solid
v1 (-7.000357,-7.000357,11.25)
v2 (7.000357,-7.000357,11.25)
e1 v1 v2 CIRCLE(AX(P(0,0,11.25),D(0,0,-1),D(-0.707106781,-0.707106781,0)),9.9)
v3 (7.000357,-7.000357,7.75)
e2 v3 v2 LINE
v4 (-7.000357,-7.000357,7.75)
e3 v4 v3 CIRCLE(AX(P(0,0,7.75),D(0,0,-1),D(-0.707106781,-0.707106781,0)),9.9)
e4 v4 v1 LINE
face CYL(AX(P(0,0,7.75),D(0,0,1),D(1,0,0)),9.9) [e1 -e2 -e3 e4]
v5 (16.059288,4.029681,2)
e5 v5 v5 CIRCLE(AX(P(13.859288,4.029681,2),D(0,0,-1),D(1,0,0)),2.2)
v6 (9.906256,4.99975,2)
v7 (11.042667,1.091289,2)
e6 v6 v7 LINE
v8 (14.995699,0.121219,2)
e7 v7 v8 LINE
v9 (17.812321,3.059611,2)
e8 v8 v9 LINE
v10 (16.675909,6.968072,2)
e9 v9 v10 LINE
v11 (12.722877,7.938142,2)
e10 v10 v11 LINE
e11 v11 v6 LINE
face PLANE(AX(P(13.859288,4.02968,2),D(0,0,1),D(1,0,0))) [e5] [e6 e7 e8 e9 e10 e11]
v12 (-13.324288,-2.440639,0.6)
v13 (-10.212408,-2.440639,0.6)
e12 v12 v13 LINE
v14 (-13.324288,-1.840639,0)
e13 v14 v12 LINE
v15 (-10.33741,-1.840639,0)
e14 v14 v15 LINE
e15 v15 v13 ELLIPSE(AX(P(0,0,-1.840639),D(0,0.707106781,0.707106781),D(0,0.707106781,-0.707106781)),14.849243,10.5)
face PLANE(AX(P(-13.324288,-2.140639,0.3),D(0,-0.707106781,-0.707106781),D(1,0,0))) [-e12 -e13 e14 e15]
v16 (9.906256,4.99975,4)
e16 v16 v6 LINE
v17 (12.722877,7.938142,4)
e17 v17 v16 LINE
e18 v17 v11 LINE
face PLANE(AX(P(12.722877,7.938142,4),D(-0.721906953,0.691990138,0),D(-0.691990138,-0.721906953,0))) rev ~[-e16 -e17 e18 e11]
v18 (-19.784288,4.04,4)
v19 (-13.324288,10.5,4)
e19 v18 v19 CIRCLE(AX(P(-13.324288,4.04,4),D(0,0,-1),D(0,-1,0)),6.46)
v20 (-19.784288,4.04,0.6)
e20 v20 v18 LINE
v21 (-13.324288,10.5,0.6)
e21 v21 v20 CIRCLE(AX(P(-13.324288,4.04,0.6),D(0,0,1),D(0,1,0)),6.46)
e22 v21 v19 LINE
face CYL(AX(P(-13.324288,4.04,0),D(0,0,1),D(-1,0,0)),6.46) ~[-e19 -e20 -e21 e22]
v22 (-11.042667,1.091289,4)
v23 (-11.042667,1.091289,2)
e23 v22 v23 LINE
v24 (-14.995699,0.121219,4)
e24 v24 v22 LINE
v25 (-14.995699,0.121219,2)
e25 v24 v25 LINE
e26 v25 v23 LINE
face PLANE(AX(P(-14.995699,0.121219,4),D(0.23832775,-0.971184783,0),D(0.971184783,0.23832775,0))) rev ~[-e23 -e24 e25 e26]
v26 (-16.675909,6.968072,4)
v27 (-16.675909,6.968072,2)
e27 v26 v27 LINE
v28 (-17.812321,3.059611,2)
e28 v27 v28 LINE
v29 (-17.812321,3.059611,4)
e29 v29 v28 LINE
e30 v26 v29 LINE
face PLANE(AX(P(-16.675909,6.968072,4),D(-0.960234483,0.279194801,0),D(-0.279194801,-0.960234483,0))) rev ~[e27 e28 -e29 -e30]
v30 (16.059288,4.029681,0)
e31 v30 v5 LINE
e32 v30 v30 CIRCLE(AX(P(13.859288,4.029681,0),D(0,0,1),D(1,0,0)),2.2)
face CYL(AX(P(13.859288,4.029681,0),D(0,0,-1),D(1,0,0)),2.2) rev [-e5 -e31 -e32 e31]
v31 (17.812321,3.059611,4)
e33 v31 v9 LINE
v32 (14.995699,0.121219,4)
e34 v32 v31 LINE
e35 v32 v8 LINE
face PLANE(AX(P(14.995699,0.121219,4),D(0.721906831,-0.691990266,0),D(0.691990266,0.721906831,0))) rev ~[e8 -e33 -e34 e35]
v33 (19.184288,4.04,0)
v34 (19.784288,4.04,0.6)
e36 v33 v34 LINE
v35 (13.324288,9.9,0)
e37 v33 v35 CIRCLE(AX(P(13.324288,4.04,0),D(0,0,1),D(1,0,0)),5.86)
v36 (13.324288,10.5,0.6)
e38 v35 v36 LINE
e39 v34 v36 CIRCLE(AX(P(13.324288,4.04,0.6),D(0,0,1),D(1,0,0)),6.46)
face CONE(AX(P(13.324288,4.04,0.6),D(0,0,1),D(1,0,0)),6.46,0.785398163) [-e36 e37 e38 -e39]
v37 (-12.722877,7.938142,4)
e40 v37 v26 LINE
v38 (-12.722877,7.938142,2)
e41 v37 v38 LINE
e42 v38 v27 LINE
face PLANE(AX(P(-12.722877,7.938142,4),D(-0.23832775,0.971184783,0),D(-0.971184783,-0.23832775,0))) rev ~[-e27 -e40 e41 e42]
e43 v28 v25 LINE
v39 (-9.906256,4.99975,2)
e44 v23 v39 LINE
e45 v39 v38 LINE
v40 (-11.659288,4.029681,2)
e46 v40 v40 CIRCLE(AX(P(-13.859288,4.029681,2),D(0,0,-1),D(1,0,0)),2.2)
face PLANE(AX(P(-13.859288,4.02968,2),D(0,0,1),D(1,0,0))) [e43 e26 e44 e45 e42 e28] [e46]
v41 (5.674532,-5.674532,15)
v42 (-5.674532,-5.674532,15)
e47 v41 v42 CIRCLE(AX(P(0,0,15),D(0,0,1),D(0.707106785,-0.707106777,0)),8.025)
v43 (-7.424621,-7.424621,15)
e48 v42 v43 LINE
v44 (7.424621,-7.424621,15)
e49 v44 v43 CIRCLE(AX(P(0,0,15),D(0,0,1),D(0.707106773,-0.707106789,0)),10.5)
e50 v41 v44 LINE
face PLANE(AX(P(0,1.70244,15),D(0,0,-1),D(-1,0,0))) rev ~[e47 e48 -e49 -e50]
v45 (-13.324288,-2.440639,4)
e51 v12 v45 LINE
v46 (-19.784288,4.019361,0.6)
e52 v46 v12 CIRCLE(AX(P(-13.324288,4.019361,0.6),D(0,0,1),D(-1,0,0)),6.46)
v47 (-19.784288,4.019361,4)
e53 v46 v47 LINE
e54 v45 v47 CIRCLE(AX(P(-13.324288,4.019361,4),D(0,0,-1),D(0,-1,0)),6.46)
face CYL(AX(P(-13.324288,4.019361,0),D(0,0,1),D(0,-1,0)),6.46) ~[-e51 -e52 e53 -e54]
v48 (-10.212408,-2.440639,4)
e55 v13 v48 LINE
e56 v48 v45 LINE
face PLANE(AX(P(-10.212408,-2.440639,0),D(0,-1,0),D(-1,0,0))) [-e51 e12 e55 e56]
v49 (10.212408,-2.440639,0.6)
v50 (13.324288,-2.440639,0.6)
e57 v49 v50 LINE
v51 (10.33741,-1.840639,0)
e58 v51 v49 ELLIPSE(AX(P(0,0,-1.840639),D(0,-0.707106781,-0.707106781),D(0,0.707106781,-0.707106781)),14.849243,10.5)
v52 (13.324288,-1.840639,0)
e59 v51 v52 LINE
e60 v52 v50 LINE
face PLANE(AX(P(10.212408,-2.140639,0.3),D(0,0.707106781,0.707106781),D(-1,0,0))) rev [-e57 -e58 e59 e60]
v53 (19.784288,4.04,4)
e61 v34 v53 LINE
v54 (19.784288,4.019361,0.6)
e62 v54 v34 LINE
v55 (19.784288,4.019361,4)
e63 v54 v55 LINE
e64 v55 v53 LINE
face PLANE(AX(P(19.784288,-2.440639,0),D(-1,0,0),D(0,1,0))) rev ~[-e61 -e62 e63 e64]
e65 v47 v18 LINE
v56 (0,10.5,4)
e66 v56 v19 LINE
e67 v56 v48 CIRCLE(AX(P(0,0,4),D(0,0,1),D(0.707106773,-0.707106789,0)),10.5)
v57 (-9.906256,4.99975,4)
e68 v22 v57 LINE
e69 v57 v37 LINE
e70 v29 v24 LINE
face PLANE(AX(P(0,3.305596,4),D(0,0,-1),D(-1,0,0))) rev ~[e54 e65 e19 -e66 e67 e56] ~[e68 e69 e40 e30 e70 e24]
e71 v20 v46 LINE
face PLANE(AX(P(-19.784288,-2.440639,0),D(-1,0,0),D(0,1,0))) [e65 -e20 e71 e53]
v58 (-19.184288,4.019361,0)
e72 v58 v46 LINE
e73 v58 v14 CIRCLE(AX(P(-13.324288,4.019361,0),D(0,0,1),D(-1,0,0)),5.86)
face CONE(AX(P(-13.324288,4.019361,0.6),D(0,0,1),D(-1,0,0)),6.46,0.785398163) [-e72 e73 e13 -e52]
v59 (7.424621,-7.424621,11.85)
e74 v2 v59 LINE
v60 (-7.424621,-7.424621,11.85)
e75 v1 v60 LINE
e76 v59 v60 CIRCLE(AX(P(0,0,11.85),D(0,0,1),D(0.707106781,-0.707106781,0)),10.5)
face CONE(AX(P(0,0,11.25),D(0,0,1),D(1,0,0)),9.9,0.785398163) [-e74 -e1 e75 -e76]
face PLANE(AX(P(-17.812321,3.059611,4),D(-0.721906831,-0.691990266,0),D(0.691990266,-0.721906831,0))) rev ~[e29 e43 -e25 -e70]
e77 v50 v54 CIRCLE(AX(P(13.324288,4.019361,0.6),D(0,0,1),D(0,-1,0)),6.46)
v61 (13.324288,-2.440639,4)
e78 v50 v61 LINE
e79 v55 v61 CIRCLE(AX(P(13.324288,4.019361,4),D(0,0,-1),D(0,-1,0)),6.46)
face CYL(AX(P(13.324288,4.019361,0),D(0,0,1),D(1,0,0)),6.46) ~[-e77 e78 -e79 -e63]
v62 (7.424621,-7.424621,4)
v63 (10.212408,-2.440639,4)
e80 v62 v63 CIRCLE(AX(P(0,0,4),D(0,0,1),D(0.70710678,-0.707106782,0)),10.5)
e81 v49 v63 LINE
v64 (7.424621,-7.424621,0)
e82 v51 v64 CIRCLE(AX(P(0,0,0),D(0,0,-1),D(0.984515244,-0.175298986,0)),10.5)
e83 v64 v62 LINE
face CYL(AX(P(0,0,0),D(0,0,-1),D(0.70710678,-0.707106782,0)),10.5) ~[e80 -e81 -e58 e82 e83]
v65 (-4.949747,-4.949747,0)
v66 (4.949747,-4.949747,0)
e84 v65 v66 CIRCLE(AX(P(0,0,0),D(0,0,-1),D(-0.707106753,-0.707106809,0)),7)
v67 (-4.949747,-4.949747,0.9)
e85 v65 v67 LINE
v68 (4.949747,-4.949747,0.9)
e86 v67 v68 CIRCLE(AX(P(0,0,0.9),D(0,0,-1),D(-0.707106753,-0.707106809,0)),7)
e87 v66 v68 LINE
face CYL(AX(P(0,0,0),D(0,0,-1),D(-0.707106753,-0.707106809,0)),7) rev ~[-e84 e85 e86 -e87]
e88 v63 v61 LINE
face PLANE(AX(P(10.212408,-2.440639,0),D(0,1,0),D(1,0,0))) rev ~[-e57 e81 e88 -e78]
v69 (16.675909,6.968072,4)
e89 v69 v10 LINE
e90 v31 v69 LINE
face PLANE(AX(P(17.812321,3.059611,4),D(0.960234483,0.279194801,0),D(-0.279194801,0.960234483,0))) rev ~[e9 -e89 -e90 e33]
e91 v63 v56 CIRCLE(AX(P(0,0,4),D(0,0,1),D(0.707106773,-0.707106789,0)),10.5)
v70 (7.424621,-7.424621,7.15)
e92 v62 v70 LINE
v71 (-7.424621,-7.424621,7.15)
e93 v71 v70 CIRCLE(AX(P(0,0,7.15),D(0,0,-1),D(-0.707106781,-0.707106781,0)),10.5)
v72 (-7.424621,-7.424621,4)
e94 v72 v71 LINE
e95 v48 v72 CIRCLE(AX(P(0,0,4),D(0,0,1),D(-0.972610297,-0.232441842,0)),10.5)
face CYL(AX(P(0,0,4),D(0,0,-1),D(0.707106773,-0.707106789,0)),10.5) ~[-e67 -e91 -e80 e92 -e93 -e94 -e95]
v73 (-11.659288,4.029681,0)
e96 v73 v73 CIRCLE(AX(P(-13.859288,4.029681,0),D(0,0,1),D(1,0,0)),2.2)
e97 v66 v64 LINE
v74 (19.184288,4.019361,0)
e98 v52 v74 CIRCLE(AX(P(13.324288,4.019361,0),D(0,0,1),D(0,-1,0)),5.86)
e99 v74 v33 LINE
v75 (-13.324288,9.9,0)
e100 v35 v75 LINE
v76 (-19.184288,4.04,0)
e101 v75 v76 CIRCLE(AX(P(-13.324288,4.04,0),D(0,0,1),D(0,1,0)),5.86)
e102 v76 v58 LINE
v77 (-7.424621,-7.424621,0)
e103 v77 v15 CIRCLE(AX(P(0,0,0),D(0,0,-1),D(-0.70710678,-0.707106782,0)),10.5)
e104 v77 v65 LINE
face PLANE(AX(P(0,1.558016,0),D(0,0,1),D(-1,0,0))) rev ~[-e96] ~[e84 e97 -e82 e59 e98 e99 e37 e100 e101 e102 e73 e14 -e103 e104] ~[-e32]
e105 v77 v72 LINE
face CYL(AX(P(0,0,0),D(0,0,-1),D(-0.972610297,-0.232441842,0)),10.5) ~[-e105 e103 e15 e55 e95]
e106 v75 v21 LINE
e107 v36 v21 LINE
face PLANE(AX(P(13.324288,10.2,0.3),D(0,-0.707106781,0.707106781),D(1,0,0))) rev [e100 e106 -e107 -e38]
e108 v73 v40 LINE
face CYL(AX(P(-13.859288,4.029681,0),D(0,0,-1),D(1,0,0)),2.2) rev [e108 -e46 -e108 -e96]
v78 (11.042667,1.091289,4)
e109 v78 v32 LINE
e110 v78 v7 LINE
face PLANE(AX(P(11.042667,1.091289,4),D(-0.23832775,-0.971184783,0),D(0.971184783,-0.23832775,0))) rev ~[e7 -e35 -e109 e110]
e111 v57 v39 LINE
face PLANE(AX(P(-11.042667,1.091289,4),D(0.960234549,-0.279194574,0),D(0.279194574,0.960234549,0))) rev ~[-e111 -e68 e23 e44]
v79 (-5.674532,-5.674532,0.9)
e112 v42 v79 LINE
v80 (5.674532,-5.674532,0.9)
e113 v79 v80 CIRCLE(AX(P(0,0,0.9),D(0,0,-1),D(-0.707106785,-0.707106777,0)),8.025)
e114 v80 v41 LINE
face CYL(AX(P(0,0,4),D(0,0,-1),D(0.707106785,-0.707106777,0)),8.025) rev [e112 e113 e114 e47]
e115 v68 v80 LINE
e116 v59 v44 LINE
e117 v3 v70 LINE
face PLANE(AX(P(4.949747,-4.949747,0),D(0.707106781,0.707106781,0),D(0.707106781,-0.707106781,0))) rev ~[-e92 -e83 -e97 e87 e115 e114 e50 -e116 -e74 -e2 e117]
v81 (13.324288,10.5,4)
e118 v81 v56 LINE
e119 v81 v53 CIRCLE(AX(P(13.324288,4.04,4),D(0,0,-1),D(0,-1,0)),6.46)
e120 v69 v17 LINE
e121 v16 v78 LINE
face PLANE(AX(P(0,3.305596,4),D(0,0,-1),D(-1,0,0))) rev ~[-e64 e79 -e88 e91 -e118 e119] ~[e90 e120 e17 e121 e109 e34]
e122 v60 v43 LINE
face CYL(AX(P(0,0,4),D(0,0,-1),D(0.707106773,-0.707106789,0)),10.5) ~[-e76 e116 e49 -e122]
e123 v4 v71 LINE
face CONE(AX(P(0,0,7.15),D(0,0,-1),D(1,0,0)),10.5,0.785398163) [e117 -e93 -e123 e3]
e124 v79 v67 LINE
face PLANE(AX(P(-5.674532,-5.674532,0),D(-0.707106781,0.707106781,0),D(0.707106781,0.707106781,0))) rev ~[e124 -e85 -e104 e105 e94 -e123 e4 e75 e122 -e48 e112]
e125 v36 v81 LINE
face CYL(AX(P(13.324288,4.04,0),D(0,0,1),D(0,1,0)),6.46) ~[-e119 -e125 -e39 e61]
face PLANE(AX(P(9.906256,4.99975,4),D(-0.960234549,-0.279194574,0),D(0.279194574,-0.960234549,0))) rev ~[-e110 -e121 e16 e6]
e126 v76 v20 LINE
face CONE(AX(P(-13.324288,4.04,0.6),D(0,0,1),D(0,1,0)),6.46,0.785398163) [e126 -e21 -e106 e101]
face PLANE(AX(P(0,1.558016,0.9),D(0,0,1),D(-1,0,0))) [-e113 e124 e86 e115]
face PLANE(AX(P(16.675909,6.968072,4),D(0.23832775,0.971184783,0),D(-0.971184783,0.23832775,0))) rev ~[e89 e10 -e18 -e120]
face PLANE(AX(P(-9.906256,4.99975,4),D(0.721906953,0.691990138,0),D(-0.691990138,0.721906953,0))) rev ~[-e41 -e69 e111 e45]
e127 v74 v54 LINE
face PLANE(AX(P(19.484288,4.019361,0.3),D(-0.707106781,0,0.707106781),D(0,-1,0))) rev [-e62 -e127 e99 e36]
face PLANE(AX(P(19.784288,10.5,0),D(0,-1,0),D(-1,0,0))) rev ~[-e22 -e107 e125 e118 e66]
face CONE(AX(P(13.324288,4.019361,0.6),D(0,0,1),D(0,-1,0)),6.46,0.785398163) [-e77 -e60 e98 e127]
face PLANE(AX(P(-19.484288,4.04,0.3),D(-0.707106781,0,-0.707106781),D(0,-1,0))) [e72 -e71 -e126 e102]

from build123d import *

# Parameters (mm, degrees)
SKETCH_R     = 2.2
PAD_DEPTH    = 4
PAD001_DEPTH = 11
POCKET_DEPTH = 2
FILLET_R     = 6.46
CHAMFER_SIZE = 0.6
PAD002_DEPTH = 0.9


with BuildPart() as revolution:
    # Sketch002 → Revolution (revolve)
    with BuildSketch(Plane.XZ):
        Polygon((9.9, 11.25), (10.5, 11.85), (10.5, 7.15), (9.9, 7.75), align=None)
    revolve(axis=Axis((0, 0, 0), (0, 0, 1)))


with BuildPart() as pad002:
    # Sketch → Pad (new body)
    with BuildSketch(Plane.XY):
        with BuildLine():
            Line((-10.212408, -2.440639), (-19.784288, -2.440639))
            Line((-19.784288, -2.440639), (-19.784288, 10.5))
            Line((19.784288, 10.5), (-19.784288, 10.5))
            Line((19.784288, -2.440639), (19.784288, 10.5))
            Line((10.212408, -2.440639), (19.784288, -2.440639))
            ThreePointArc((7.424621, -7.424621), (9.163854, -5.125795), (10.212408, -2.440639))
            Line((5.674532, -5.674532), (7.424621, -7.424621))
            ThreePointArc((5.674532, -5.674532), (0, 8.025), (-5.674532, -5.674532))
            Line((-5.674532, -5.674532), (-7.424621, -7.424621))
            ThreePointArc((-10.212408, -2.440639), (-9.163854, -5.125795), (-7.424621, -7.424621))
        make_face()
        with Locations((13.859288, 4.029681)):
            Circle(SKETCH_R, mode=Mode.SUBTRACT)
        with Locations((-13.859288, 4.029681)):
            Circle(SKETCH_R, mode=Mode.SUBTRACT)
    extrude(amount=PAD_DEPTH)

    # Sketch001 → Pad001 (new body)
    with BuildSketch(Plane.XY.offset(4)):
        with BuildLine():
            ThreePointArc((5.674532, -5.674532), (0, 8.025), (-5.674532, -5.674532))
            Line((-5.674532, -5.674532), (-7.424621, -7.424621))
            ThreePointArc((7.424621, -7.424621), (0, 10.5), (-7.424621, -7.424621))
            Line((5.674532, -5.674532), (7.424621, -7.424621))
        make_face()
    extrude(amount=PAD001_DEPTH)

    # Cut: cut Revolution
    add(revolution.part, mode=Mode.SUBTRACT)

    # Sketch003 → Pocket (cut)
    with BuildSketch(Plane.XY.offset(4)):
        Polygon((17.812321, 3.059611), (16.675909, 6.968072), (12.722877, 7.938142), (9.906256, 4.99975), (11.042667, 1.091289), (14.995699, 0.121219), align=None)
        Polygon((-17.812321, 3.059611), (-14.995699, 0.121219), (-11.042667, 1.091289), (-9.906256, 4.99975), (-12.722877, 7.938142), (-16.675909, 6.968072), align=None)
    extrude(amount=-POCKET_DEPTH, mode=Mode.SUBTRACT)

    # Fillet
    fillet_edges = [pad002.edges().sort_by_distance(p)[0] for p in [
        (19.784288, -2.440639, 2),
        (19.784288, 10.5, 2),
        (-19.784288, 10.5, 2),
        (-19.784288, -2.440639, 2),
    ]]
    fillet(fillet_edges, radius=FILLET_R)

    # Chamfer
    chamfer_edges = [pad002.edges().sort_by_distance(p)[0] for p in [
        (0, 10.5, 0),
        (17.892198, 8.60791, 0),
        (-17.892198, 8.60791, 0),
    ]]
    chamfer(chamfer_edges, length=CHAMFER_SIZE)

    # Sketch004 → Pad002 (new body)
    with BuildSketch(Plane(origin=(0, 0, 0), x_dir=(1, 0, 0), z_dir=(0, 0, -1))):
        with BuildLine():
            ThreePointArc((-4.949747, 4.949747), (0, -7), (4.949747, 4.949747))
            Line((4.949747, 4.949747), (5.674532, 5.674532))
            ThreePointArc((-5.674532, 5.674532), (0, -8.025), (5.674532, 5.674532))
            Line((-5.674532, 5.674532), (-4.949747, 4.949747))
        make_face()
    extrude(amount=-PAD002_DEPTH)


solid = pad002.part
